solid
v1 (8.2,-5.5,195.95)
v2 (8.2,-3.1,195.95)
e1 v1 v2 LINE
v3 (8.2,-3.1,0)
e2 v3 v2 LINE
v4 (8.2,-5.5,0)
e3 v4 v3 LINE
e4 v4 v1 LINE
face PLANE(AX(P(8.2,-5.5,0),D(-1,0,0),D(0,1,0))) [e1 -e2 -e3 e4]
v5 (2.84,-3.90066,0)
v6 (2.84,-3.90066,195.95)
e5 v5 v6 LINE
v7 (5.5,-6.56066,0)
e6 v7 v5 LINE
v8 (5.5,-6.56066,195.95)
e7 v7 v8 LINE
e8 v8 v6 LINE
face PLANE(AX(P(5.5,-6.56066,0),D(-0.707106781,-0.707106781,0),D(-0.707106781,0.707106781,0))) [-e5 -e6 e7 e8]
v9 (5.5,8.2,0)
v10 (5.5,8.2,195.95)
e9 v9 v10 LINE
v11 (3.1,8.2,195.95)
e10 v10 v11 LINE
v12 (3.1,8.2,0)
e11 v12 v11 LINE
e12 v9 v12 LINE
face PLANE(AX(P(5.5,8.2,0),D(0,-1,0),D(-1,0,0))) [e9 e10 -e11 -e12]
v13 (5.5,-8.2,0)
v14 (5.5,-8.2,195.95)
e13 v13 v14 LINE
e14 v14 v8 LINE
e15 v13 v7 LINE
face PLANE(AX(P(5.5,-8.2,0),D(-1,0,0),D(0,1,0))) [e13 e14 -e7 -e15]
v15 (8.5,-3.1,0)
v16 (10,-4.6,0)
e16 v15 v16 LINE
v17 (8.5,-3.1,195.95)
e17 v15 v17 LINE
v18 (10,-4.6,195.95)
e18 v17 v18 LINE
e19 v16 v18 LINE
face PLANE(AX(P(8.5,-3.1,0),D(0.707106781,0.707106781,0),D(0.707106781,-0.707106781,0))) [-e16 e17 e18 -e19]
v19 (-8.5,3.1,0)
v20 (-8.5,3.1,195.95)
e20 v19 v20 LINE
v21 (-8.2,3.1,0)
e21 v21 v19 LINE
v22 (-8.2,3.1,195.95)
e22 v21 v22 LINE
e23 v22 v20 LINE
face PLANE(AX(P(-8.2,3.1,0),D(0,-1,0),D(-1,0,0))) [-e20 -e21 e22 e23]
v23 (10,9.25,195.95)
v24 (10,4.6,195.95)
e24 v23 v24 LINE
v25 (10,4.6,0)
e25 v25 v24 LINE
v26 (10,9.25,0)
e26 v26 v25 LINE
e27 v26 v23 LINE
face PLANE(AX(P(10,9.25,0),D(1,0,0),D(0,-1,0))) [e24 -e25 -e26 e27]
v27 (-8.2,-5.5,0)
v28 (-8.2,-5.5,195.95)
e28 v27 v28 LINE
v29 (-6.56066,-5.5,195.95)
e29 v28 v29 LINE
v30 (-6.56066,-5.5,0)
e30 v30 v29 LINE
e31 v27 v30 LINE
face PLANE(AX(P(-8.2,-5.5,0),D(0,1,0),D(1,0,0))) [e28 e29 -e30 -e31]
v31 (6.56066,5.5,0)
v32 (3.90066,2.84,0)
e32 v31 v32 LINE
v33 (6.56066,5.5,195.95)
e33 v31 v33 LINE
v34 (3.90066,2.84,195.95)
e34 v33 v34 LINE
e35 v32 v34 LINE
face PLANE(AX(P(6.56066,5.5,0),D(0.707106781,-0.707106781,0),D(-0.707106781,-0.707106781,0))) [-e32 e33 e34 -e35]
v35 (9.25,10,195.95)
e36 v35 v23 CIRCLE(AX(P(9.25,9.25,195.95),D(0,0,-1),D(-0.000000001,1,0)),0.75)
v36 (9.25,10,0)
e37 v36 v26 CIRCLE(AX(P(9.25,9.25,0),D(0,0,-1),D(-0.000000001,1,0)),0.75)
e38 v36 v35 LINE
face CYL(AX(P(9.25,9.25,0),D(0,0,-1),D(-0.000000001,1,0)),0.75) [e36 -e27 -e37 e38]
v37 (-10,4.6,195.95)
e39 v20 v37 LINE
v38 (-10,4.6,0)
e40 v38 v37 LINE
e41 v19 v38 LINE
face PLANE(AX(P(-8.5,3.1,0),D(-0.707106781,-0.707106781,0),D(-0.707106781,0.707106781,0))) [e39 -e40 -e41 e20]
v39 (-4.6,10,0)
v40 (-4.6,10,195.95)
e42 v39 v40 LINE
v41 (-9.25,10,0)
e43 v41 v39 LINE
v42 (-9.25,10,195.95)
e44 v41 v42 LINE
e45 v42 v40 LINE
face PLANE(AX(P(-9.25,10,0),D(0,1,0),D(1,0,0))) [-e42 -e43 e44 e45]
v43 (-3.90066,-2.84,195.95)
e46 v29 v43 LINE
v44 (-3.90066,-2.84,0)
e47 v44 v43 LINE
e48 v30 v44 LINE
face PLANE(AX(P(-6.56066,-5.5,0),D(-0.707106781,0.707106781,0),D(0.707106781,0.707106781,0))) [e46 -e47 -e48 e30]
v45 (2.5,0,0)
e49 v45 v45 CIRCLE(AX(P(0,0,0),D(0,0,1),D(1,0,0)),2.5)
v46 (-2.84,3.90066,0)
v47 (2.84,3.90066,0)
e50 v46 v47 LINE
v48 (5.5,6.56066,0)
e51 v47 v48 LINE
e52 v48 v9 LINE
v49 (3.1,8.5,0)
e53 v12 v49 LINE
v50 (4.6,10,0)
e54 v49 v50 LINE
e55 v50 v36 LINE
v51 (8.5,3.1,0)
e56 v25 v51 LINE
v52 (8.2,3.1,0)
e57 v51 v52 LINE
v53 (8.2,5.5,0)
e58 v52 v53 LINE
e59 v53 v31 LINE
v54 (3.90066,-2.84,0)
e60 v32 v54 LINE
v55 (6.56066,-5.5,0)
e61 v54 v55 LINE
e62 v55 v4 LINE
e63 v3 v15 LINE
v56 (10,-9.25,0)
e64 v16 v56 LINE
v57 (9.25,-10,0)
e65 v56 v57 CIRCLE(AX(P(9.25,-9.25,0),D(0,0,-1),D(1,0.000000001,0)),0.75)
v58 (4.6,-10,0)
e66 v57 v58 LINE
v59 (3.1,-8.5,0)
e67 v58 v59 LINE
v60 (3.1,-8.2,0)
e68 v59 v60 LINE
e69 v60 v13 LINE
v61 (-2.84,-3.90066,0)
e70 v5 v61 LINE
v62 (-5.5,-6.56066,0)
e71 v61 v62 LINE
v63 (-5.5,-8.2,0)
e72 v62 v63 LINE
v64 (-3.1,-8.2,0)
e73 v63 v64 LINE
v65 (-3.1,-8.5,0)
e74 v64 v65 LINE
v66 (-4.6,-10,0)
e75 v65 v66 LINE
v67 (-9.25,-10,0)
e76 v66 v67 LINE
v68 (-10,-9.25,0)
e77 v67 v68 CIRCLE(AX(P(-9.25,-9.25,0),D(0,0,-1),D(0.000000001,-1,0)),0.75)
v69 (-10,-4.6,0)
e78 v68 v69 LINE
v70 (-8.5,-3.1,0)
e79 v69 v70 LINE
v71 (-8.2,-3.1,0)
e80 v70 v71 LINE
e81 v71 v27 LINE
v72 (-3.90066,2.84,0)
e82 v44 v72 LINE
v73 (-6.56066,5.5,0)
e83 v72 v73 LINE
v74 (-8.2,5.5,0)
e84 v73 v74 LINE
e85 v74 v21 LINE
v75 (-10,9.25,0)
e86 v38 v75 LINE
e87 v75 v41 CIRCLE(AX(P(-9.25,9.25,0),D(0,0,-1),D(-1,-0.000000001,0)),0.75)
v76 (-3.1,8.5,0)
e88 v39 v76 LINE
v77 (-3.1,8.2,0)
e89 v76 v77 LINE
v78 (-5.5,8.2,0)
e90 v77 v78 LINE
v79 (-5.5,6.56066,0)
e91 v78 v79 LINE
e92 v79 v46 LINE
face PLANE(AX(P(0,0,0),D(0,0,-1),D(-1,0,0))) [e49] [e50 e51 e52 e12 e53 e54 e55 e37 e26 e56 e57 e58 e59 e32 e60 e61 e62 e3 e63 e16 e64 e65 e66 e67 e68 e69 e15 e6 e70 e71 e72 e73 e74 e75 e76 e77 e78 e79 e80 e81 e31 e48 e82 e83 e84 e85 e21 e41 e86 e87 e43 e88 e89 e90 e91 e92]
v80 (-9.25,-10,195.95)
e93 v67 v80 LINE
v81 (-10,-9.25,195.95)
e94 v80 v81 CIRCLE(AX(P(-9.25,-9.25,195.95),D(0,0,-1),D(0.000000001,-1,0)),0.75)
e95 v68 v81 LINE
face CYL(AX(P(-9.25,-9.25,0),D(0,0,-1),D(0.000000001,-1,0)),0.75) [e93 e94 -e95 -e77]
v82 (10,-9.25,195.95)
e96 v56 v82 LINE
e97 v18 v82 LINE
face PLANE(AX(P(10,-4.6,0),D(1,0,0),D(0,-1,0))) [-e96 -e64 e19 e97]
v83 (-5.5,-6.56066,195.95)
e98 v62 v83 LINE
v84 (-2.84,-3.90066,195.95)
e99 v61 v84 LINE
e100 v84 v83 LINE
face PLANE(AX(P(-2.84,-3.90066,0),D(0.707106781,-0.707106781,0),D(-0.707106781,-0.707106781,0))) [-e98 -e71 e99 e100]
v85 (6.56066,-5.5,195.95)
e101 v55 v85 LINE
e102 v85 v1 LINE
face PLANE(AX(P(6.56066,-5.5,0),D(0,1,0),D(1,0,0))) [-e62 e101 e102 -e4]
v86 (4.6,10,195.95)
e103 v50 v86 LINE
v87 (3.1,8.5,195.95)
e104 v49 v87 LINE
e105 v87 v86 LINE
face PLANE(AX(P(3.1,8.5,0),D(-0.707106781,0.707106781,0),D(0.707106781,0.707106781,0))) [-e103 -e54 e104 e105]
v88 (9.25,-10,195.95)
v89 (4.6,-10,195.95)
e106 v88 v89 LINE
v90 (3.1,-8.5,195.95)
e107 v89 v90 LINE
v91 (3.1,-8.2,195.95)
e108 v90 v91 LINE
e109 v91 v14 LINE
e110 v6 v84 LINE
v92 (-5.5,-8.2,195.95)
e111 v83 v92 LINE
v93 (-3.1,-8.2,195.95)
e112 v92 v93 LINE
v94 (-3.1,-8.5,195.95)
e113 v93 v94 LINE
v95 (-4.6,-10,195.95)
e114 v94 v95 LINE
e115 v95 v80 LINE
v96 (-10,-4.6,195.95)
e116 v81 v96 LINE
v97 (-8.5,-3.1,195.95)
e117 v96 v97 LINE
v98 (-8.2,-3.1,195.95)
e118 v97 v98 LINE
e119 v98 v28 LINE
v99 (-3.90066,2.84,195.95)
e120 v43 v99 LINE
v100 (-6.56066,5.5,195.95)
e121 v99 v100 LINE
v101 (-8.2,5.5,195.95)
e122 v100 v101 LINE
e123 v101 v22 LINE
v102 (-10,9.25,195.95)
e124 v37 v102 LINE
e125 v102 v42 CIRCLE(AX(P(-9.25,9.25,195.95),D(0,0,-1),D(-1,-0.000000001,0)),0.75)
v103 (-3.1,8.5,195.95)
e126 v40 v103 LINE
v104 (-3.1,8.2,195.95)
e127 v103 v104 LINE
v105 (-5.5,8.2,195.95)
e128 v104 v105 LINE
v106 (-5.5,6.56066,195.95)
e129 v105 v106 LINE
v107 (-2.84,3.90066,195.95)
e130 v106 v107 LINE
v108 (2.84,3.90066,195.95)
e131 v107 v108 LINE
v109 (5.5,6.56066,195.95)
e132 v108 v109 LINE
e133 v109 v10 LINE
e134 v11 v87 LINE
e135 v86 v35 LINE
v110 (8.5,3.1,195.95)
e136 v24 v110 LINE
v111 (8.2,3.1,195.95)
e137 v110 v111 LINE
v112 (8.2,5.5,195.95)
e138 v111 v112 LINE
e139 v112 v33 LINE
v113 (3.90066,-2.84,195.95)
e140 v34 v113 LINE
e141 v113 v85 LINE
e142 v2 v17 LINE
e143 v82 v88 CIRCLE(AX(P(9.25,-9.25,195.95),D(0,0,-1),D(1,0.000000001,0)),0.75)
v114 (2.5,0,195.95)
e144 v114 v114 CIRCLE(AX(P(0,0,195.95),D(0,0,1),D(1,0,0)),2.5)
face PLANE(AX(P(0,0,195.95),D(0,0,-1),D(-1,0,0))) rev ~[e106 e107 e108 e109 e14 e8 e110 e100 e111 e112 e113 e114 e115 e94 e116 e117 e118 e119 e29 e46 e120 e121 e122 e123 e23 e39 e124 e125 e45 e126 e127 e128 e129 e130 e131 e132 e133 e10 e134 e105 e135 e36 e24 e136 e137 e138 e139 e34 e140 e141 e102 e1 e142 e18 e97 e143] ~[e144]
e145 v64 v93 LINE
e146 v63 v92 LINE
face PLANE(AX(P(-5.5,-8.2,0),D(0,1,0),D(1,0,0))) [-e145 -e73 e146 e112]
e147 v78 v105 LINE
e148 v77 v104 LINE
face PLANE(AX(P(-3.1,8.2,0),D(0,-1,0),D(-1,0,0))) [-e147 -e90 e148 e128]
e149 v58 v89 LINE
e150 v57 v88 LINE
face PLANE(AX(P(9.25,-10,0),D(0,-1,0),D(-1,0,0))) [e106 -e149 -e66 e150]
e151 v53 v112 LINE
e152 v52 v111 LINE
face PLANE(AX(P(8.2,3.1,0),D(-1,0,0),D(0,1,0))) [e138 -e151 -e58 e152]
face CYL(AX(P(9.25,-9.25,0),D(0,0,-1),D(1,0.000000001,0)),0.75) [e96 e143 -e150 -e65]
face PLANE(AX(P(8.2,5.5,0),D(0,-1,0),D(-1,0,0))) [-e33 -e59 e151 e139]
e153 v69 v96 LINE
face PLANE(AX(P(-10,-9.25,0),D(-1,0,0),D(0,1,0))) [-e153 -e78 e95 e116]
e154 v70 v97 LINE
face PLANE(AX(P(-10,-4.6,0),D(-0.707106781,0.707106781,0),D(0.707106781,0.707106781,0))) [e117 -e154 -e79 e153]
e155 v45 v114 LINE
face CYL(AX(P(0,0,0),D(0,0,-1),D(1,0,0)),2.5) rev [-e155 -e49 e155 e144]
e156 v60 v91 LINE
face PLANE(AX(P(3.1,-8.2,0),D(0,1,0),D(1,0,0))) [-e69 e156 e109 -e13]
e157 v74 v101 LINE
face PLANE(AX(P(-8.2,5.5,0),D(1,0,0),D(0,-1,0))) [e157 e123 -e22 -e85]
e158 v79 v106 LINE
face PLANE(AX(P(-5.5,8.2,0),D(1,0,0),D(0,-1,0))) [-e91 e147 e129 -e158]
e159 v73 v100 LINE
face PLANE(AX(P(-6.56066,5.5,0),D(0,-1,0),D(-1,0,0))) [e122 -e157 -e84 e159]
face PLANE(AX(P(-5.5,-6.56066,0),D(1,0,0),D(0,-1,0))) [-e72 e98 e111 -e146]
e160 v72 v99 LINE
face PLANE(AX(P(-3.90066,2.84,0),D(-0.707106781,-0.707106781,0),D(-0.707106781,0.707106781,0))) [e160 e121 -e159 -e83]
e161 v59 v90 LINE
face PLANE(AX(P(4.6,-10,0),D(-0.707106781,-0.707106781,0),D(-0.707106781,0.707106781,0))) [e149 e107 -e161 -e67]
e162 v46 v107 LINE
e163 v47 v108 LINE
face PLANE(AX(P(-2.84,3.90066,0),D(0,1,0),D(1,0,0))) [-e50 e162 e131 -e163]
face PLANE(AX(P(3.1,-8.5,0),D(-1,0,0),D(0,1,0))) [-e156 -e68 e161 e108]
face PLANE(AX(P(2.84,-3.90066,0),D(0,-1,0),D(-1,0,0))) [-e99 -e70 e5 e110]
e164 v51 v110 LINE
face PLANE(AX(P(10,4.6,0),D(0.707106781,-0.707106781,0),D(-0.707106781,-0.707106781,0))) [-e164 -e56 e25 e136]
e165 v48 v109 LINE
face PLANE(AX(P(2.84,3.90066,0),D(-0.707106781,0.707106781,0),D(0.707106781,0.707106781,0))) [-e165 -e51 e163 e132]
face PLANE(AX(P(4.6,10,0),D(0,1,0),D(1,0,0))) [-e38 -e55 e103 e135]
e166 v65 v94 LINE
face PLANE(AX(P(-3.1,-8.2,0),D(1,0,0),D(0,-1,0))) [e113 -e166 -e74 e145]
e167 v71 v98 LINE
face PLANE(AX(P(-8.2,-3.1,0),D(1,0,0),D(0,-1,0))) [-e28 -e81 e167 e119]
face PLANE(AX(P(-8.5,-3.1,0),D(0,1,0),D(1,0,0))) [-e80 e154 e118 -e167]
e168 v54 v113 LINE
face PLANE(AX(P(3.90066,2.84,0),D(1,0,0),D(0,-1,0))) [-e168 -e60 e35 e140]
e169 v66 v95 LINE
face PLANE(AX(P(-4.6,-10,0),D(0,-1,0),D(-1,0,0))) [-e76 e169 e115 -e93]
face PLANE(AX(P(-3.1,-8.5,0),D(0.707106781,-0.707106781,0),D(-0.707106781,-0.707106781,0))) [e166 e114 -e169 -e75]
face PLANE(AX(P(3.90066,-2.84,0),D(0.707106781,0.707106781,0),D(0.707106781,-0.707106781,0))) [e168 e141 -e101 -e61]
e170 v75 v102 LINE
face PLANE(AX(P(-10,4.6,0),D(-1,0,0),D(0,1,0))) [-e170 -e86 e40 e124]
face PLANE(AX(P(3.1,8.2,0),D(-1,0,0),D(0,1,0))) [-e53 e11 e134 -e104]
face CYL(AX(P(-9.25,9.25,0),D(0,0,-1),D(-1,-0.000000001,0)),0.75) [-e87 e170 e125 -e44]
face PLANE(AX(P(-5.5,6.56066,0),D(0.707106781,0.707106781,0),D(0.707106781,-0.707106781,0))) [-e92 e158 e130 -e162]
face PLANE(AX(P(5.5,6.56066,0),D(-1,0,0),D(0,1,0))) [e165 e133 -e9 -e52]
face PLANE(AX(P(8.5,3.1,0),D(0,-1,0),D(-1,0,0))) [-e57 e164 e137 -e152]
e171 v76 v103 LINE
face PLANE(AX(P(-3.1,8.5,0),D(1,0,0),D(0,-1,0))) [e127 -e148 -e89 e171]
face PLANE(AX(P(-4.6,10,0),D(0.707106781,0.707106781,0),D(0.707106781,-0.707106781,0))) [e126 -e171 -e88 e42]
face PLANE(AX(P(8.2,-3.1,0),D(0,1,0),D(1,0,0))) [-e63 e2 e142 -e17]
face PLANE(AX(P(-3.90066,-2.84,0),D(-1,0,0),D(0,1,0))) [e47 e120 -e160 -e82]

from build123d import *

# Parameters (mm, degrees)
CROQUIS1_R              = 2.5
SALIENTE_EXTRUIR1_DEPTH = 195.95


with BuildPart() as part:
    # Croquis1 → Saliente-Extruir1 (new body)
    with BuildSketch(Plane.XY):
        with BuildLine():
            Line((-4.6, 10), (-3.1, 8.5))
            Line((-3.1, 8.5), (-3.1, 8.2))
            Line((-3.1, 8.2), (-5.5, 8.2))
            Line((-5.5, 8.2), (-5.5, 6.560660172))
            Line((-5.5, 6.560660172), (-2.84, 3.900660172))
            Line((-2.84, 3.900660172), (0, 3.900660172))
            Line((0, 3.900660172), (2.84, 3.900660172))
            Line((2.84, 3.900660172), (5.5, 6.560660172))
            Line((5.5, 6.560660172), (5.5, 8.2))
            Line((5.5, 8.2), (3.1, 8.2))
            Line((3.1, 8.2), (3.1, 8.5))
            Line((3.1, 8.5), (4.6, 10))
            Line((4.6, 10), (9.25, 10))
            ThreePointArc((9.25, 10), (9.780330086, 9.780330086), (10, 9.25))
            Line((10, 9.25), (10, 4.6))
            Line((10, 4.6), (8.5, 3.1))
            Line((8.5, 3.1), (8.2, 3.1))
            Line((8.2, 3.1), (8.2, 5.5))
            Line((8.2, 5.5), (6.560660172, 5.5))
            Line((6.560660172, 5.5), (3.900660172, 2.84))
            Line((3.900660172, 2.84), (3.900660172, 0))
            Line((3.900660172, 0), (3.900660172, -2.84))
            Line((3.900660172, -2.84), (6.560660172, -5.5))
            Line((6.560660172, -5.5), (8.2, -5.5))
            Line((8.2, -5.5), (8.2, -3.1))
            Line((8.2, -3.1), (8.5, -3.1))
            Line((8.5, -3.1), (10, -4.6))
            Line((10, -4.6), (10, -9.25))
            ThreePointArc((10, -9.25), (9.780330086, -9.780330086), (9.25, -10))
            Line((9.25, -10), (4.6, -10))
            Line((4.6, -10), (3.1, -8.5))
            Line((3.1, -8.5), (3.1, -8.2))
            Line((3.1, -8.2), (5.5, -8.2))
            Line((5.5, -8.2), (5.5, -6.560660172))
            Line((5.5, -6.560660172), (2.84, -3.900660172))
            Line((2.84, -3.900660172), (0, -3.900660172))
            Line((0, -3.900660172), (-2.84, -3.900660172))
            Line((-2.84, -3.900660172), (-5.5, -6.560660172))
            Line((-5.5, -6.560660172), (-5.5, -8.2))
            Line((-5.5, -8.2), (-3.1, -8.2))
            Line((-3.1, -8.2), (-3.1, -8.5))
            Line((-3.1, -8.5), (-4.6, -10))
            Line((-4.6, -10), (-9.25, -10))
            ThreePointArc((-9.25, -10), (-9.780330086, -9.780330086), (-10, -9.25))
            Line((-10, -9.25), (-10, -4.6))
            Line((-10, -4.6), (-8.5, -3.1))
            Line((-8.5, -3.1), (-8.2, -3.1))
            Line((-8.2, -3.1), (-8.2, -5.5))
            Line((-8.2, -5.5), (-6.560660172, -5.5))
            Line((-6.560660172, -5.5), (-3.900660172, -2.84))
            Line((-3.900660172, -2.84), (-3.900660172, 0))
            Line((-3.900660172, 0), (-3.900660172, 2.84))
            Line((-3.900660172, 2.84), (-6.560660172, 5.5))
            Line((-6.560660172, 5.5), (-8.2, 5.5))
            Line((-8.2, 5.5), (-8.2, 3.1))
            Line((-8.2, 3.1), (-8.5, 3.1))
            Line((-8.5, 3.1), (-10, 4.6))
            Line((-10, 4.6), (-10, 9.25))
            ThreePointArc((-10, 9.25), (-9.780330086, 9.780330086), (-9.25, 10))
            Line((-9.25, 10), (-4.6, 10))
        make_face()
        Circle(CROQUIS1_R, mode=Mode.SUBTRACT)
    extrude(amount=SALIENTE_EXTRUIR1_DEPTH)


solid = part.part
